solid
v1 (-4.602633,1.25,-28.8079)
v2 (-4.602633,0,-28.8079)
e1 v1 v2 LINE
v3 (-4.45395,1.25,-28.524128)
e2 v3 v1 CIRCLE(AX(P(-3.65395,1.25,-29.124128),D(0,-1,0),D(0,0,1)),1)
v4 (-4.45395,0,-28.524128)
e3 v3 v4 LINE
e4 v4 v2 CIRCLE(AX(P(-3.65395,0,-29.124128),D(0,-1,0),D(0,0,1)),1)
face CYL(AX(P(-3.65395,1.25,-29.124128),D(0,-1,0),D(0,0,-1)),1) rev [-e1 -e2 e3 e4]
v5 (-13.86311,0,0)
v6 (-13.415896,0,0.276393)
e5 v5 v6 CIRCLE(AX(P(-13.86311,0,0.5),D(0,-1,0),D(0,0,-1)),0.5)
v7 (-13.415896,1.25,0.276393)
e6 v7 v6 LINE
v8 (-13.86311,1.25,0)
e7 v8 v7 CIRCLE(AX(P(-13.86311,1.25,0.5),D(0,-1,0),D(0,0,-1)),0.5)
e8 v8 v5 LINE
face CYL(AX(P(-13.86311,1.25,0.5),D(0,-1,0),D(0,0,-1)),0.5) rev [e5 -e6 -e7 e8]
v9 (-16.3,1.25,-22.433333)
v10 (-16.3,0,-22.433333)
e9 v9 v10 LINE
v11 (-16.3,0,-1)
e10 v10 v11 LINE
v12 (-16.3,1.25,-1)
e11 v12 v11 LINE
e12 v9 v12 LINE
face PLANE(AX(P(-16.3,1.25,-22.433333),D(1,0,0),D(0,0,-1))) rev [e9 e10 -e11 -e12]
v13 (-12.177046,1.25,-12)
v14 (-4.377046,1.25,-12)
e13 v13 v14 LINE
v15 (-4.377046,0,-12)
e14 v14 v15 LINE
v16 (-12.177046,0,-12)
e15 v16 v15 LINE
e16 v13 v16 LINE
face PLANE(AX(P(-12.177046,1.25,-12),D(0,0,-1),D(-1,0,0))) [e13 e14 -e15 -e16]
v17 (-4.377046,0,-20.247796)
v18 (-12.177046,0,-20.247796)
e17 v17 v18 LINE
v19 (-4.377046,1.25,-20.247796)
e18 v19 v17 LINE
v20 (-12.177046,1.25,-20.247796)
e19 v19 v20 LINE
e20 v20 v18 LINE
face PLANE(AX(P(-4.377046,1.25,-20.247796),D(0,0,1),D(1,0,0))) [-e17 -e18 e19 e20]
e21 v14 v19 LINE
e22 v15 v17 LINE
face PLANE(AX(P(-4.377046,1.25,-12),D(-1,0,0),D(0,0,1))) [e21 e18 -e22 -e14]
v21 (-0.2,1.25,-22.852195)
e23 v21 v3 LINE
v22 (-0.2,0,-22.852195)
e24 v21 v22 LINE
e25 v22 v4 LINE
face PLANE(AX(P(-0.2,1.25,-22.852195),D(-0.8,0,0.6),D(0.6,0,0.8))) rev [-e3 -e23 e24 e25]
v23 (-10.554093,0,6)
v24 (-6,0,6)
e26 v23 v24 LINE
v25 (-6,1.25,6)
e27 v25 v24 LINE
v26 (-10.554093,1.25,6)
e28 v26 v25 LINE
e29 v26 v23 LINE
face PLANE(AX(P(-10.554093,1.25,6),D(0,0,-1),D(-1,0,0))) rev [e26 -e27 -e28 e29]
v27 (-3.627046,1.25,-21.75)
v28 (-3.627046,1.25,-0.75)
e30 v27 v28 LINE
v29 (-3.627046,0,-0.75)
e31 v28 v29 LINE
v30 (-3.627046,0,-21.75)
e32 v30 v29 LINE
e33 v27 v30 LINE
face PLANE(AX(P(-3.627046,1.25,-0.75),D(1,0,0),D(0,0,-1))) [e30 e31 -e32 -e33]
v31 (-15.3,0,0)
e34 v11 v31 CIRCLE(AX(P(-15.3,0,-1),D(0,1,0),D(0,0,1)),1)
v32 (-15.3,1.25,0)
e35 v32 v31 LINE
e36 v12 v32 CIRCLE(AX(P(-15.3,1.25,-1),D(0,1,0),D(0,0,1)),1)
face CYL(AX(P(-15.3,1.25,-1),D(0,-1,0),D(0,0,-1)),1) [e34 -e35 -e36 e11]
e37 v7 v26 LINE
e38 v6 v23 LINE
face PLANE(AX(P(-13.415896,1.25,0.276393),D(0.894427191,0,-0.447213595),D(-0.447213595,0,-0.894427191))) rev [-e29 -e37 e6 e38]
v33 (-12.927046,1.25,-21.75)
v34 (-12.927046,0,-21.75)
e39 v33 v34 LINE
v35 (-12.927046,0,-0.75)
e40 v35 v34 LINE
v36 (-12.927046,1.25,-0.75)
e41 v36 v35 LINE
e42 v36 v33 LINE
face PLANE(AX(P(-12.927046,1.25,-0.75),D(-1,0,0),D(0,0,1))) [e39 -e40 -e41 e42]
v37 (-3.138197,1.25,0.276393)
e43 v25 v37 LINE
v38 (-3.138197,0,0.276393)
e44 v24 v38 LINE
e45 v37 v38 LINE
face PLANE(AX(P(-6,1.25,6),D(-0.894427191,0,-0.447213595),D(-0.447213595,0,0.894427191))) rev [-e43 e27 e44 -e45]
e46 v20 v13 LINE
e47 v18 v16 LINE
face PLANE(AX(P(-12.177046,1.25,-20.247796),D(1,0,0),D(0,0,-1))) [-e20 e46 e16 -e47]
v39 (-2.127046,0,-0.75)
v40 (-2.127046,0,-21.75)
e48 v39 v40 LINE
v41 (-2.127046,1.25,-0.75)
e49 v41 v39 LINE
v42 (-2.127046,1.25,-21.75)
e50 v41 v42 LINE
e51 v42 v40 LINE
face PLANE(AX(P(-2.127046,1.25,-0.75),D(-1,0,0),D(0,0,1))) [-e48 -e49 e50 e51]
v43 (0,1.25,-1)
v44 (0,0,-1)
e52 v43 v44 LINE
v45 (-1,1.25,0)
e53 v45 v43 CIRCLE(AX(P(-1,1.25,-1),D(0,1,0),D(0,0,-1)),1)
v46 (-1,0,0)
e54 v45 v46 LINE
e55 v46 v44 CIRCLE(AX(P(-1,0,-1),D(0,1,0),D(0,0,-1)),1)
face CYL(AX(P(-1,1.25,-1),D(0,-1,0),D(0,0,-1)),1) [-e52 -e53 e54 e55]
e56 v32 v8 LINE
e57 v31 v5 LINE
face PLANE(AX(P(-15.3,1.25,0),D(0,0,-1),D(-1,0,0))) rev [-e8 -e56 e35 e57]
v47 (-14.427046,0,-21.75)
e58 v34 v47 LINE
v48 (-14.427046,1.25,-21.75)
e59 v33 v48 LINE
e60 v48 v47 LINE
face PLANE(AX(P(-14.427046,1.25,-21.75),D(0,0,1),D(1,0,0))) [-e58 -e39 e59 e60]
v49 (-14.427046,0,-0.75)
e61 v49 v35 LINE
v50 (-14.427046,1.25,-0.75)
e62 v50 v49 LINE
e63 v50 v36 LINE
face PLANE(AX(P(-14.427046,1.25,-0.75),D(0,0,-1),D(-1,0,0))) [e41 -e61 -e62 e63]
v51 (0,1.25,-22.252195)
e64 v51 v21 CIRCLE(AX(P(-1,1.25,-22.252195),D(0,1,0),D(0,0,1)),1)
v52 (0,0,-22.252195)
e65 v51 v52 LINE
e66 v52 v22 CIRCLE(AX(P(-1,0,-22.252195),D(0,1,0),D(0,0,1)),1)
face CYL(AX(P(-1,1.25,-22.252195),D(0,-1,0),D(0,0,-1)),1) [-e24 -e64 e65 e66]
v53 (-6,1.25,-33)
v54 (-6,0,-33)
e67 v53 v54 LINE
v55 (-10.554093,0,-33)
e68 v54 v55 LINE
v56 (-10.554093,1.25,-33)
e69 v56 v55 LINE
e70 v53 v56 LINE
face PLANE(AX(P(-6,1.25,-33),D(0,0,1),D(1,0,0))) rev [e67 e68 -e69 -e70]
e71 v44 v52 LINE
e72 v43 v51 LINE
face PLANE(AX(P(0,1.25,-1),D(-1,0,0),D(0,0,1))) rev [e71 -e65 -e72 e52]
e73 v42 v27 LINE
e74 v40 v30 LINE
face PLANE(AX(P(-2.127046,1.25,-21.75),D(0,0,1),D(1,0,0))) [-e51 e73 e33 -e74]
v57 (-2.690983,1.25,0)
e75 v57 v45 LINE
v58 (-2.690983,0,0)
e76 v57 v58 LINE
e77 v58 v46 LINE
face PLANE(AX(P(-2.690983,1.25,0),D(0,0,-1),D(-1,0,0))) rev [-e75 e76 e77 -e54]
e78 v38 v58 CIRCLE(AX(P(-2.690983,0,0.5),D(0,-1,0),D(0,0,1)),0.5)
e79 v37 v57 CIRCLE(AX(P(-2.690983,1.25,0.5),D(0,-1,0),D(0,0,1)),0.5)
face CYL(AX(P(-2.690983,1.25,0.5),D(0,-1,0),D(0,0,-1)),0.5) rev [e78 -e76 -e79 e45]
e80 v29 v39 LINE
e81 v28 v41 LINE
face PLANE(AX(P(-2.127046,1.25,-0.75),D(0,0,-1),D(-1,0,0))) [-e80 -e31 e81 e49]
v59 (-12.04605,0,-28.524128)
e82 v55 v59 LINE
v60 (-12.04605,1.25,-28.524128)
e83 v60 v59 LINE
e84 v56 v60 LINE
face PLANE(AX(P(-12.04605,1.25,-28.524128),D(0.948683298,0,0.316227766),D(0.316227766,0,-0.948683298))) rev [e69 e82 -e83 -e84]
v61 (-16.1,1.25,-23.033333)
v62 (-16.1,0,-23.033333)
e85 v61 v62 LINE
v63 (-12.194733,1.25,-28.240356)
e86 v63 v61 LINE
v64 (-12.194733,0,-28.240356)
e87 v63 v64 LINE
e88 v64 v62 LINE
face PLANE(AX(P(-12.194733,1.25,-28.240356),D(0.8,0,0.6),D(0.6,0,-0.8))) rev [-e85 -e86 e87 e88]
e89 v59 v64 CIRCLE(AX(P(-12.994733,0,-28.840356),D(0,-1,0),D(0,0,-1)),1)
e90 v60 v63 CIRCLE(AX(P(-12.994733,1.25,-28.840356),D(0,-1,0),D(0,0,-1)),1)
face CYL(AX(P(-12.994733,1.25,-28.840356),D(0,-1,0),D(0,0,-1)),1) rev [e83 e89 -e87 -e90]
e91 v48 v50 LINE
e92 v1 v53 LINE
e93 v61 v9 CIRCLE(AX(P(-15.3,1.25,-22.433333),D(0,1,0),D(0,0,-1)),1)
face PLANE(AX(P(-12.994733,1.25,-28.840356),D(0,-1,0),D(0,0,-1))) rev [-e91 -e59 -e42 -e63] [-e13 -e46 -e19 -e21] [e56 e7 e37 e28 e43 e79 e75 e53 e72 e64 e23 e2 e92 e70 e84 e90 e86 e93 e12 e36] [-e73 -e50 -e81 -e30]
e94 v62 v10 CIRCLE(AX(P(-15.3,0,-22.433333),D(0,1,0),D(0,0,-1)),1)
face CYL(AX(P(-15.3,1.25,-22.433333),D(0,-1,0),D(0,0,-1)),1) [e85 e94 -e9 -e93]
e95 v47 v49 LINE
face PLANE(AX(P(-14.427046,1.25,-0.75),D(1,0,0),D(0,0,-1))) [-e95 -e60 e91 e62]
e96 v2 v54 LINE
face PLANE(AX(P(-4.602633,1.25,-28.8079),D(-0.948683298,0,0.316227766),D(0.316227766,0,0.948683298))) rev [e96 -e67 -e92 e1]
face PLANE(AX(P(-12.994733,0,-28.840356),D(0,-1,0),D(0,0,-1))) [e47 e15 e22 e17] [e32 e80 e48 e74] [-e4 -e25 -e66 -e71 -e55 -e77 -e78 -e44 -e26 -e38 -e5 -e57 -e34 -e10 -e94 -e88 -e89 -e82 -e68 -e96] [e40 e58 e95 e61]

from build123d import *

# Parameters (mm, degrees)
SKETCH1_W           = 1.5
SKETCH1_H           = 21
SKETCH1_W_2         = 7.8
SKETCH1_H_2         = 8.247795839
BOSS_EXTRUDE1_DEPTH = 1.25


with BuildPart() as part:
    # Sketch1 → Boss-Extrude1 (new body)
    with BuildSketch(Plane(origin=(0, 0, 0), x_dir=(1, 0, 0), z_dir=(0, 1, 0))):
        with BuildLine():
            Line((0, 1), (0, 22.252194503))
            ThreePointArc((0, 22.252194503), (-0.051316702, 22.568422269), (-0.2, 22.852194503))
            Line((-0.2, 22.852194503), (-4.453950106, 28.524127978))
            ThreePointArc((-4.453950106, 28.524127978), (-4.539729418, 28.660021298), (-4.602633404, 28.807900212))
            Line((-4.602633404, 28.807900212), (-6, 33))
            Line((-6, 33), (-10.554092553, 33))
            Line((-10.554092553, 33), (-12.046049894, 28.524127978))
            ThreePointArc((-12.046049894, 28.524127978), (-12.10895388, 28.376249064), (-12.194733192, 28.240355744))
            Line((-12.194733192, 28.240355744), (-16.1, 23.033333333))
            ThreePointArc((-16.1, 23.033333333), (-16.248683298, 22.749561099), (-16.3, 22.433333333))
            Line((-16.3, 22.433333333), (-16.3, 1))
            ThreePointArc((-16.3, 1), (-16.007106781, 0.292893219), (-15.3, 0))
            Line((-15.3, 0), (-13.863109548, 0))
            ThreePointArc((-13.863109548, 0), (-13.600243992, -0.074674596), (-13.415895952, -0.276393202))
            Line((-13.415895952, -0.276393202), (-10.554092553, -6))
            Line((-10.554092553, -6), (-6, -6))
            Line((-6, -6), (-3.138196601, -0.276393202))
            ThreePointArc((-3.138196601, -0.276393202), (-2.953848562, -0.074674596), (-2.690983006, 0))
            Line((-2.690983006, 0), (-1, 0))
            ThreePointArc((-1, 0), (-0.292893219, 0.292893219), (0, 1))
        make_face()
        with Locations((-13.677046277, 11.25)):
            Rectangle(SKETCH1_W, SKETCH1_H, mode=Mode.SUBTRACT)
        with Locations((-2.877046277, 11.25)):
            Rectangle(SKETCH1_W, SKETCH1_H, mode=Mode.SUBTRACT)
        with Locations((-8.277046277, 16.12389792)):
            Rectangle(SKETCH1_W_2, SKETCH1_H_2, mode=Mode.SUBTRACT)
    extrude(amount=BOSS_EXTRUDE1_DEPTH)


solid = part.part
